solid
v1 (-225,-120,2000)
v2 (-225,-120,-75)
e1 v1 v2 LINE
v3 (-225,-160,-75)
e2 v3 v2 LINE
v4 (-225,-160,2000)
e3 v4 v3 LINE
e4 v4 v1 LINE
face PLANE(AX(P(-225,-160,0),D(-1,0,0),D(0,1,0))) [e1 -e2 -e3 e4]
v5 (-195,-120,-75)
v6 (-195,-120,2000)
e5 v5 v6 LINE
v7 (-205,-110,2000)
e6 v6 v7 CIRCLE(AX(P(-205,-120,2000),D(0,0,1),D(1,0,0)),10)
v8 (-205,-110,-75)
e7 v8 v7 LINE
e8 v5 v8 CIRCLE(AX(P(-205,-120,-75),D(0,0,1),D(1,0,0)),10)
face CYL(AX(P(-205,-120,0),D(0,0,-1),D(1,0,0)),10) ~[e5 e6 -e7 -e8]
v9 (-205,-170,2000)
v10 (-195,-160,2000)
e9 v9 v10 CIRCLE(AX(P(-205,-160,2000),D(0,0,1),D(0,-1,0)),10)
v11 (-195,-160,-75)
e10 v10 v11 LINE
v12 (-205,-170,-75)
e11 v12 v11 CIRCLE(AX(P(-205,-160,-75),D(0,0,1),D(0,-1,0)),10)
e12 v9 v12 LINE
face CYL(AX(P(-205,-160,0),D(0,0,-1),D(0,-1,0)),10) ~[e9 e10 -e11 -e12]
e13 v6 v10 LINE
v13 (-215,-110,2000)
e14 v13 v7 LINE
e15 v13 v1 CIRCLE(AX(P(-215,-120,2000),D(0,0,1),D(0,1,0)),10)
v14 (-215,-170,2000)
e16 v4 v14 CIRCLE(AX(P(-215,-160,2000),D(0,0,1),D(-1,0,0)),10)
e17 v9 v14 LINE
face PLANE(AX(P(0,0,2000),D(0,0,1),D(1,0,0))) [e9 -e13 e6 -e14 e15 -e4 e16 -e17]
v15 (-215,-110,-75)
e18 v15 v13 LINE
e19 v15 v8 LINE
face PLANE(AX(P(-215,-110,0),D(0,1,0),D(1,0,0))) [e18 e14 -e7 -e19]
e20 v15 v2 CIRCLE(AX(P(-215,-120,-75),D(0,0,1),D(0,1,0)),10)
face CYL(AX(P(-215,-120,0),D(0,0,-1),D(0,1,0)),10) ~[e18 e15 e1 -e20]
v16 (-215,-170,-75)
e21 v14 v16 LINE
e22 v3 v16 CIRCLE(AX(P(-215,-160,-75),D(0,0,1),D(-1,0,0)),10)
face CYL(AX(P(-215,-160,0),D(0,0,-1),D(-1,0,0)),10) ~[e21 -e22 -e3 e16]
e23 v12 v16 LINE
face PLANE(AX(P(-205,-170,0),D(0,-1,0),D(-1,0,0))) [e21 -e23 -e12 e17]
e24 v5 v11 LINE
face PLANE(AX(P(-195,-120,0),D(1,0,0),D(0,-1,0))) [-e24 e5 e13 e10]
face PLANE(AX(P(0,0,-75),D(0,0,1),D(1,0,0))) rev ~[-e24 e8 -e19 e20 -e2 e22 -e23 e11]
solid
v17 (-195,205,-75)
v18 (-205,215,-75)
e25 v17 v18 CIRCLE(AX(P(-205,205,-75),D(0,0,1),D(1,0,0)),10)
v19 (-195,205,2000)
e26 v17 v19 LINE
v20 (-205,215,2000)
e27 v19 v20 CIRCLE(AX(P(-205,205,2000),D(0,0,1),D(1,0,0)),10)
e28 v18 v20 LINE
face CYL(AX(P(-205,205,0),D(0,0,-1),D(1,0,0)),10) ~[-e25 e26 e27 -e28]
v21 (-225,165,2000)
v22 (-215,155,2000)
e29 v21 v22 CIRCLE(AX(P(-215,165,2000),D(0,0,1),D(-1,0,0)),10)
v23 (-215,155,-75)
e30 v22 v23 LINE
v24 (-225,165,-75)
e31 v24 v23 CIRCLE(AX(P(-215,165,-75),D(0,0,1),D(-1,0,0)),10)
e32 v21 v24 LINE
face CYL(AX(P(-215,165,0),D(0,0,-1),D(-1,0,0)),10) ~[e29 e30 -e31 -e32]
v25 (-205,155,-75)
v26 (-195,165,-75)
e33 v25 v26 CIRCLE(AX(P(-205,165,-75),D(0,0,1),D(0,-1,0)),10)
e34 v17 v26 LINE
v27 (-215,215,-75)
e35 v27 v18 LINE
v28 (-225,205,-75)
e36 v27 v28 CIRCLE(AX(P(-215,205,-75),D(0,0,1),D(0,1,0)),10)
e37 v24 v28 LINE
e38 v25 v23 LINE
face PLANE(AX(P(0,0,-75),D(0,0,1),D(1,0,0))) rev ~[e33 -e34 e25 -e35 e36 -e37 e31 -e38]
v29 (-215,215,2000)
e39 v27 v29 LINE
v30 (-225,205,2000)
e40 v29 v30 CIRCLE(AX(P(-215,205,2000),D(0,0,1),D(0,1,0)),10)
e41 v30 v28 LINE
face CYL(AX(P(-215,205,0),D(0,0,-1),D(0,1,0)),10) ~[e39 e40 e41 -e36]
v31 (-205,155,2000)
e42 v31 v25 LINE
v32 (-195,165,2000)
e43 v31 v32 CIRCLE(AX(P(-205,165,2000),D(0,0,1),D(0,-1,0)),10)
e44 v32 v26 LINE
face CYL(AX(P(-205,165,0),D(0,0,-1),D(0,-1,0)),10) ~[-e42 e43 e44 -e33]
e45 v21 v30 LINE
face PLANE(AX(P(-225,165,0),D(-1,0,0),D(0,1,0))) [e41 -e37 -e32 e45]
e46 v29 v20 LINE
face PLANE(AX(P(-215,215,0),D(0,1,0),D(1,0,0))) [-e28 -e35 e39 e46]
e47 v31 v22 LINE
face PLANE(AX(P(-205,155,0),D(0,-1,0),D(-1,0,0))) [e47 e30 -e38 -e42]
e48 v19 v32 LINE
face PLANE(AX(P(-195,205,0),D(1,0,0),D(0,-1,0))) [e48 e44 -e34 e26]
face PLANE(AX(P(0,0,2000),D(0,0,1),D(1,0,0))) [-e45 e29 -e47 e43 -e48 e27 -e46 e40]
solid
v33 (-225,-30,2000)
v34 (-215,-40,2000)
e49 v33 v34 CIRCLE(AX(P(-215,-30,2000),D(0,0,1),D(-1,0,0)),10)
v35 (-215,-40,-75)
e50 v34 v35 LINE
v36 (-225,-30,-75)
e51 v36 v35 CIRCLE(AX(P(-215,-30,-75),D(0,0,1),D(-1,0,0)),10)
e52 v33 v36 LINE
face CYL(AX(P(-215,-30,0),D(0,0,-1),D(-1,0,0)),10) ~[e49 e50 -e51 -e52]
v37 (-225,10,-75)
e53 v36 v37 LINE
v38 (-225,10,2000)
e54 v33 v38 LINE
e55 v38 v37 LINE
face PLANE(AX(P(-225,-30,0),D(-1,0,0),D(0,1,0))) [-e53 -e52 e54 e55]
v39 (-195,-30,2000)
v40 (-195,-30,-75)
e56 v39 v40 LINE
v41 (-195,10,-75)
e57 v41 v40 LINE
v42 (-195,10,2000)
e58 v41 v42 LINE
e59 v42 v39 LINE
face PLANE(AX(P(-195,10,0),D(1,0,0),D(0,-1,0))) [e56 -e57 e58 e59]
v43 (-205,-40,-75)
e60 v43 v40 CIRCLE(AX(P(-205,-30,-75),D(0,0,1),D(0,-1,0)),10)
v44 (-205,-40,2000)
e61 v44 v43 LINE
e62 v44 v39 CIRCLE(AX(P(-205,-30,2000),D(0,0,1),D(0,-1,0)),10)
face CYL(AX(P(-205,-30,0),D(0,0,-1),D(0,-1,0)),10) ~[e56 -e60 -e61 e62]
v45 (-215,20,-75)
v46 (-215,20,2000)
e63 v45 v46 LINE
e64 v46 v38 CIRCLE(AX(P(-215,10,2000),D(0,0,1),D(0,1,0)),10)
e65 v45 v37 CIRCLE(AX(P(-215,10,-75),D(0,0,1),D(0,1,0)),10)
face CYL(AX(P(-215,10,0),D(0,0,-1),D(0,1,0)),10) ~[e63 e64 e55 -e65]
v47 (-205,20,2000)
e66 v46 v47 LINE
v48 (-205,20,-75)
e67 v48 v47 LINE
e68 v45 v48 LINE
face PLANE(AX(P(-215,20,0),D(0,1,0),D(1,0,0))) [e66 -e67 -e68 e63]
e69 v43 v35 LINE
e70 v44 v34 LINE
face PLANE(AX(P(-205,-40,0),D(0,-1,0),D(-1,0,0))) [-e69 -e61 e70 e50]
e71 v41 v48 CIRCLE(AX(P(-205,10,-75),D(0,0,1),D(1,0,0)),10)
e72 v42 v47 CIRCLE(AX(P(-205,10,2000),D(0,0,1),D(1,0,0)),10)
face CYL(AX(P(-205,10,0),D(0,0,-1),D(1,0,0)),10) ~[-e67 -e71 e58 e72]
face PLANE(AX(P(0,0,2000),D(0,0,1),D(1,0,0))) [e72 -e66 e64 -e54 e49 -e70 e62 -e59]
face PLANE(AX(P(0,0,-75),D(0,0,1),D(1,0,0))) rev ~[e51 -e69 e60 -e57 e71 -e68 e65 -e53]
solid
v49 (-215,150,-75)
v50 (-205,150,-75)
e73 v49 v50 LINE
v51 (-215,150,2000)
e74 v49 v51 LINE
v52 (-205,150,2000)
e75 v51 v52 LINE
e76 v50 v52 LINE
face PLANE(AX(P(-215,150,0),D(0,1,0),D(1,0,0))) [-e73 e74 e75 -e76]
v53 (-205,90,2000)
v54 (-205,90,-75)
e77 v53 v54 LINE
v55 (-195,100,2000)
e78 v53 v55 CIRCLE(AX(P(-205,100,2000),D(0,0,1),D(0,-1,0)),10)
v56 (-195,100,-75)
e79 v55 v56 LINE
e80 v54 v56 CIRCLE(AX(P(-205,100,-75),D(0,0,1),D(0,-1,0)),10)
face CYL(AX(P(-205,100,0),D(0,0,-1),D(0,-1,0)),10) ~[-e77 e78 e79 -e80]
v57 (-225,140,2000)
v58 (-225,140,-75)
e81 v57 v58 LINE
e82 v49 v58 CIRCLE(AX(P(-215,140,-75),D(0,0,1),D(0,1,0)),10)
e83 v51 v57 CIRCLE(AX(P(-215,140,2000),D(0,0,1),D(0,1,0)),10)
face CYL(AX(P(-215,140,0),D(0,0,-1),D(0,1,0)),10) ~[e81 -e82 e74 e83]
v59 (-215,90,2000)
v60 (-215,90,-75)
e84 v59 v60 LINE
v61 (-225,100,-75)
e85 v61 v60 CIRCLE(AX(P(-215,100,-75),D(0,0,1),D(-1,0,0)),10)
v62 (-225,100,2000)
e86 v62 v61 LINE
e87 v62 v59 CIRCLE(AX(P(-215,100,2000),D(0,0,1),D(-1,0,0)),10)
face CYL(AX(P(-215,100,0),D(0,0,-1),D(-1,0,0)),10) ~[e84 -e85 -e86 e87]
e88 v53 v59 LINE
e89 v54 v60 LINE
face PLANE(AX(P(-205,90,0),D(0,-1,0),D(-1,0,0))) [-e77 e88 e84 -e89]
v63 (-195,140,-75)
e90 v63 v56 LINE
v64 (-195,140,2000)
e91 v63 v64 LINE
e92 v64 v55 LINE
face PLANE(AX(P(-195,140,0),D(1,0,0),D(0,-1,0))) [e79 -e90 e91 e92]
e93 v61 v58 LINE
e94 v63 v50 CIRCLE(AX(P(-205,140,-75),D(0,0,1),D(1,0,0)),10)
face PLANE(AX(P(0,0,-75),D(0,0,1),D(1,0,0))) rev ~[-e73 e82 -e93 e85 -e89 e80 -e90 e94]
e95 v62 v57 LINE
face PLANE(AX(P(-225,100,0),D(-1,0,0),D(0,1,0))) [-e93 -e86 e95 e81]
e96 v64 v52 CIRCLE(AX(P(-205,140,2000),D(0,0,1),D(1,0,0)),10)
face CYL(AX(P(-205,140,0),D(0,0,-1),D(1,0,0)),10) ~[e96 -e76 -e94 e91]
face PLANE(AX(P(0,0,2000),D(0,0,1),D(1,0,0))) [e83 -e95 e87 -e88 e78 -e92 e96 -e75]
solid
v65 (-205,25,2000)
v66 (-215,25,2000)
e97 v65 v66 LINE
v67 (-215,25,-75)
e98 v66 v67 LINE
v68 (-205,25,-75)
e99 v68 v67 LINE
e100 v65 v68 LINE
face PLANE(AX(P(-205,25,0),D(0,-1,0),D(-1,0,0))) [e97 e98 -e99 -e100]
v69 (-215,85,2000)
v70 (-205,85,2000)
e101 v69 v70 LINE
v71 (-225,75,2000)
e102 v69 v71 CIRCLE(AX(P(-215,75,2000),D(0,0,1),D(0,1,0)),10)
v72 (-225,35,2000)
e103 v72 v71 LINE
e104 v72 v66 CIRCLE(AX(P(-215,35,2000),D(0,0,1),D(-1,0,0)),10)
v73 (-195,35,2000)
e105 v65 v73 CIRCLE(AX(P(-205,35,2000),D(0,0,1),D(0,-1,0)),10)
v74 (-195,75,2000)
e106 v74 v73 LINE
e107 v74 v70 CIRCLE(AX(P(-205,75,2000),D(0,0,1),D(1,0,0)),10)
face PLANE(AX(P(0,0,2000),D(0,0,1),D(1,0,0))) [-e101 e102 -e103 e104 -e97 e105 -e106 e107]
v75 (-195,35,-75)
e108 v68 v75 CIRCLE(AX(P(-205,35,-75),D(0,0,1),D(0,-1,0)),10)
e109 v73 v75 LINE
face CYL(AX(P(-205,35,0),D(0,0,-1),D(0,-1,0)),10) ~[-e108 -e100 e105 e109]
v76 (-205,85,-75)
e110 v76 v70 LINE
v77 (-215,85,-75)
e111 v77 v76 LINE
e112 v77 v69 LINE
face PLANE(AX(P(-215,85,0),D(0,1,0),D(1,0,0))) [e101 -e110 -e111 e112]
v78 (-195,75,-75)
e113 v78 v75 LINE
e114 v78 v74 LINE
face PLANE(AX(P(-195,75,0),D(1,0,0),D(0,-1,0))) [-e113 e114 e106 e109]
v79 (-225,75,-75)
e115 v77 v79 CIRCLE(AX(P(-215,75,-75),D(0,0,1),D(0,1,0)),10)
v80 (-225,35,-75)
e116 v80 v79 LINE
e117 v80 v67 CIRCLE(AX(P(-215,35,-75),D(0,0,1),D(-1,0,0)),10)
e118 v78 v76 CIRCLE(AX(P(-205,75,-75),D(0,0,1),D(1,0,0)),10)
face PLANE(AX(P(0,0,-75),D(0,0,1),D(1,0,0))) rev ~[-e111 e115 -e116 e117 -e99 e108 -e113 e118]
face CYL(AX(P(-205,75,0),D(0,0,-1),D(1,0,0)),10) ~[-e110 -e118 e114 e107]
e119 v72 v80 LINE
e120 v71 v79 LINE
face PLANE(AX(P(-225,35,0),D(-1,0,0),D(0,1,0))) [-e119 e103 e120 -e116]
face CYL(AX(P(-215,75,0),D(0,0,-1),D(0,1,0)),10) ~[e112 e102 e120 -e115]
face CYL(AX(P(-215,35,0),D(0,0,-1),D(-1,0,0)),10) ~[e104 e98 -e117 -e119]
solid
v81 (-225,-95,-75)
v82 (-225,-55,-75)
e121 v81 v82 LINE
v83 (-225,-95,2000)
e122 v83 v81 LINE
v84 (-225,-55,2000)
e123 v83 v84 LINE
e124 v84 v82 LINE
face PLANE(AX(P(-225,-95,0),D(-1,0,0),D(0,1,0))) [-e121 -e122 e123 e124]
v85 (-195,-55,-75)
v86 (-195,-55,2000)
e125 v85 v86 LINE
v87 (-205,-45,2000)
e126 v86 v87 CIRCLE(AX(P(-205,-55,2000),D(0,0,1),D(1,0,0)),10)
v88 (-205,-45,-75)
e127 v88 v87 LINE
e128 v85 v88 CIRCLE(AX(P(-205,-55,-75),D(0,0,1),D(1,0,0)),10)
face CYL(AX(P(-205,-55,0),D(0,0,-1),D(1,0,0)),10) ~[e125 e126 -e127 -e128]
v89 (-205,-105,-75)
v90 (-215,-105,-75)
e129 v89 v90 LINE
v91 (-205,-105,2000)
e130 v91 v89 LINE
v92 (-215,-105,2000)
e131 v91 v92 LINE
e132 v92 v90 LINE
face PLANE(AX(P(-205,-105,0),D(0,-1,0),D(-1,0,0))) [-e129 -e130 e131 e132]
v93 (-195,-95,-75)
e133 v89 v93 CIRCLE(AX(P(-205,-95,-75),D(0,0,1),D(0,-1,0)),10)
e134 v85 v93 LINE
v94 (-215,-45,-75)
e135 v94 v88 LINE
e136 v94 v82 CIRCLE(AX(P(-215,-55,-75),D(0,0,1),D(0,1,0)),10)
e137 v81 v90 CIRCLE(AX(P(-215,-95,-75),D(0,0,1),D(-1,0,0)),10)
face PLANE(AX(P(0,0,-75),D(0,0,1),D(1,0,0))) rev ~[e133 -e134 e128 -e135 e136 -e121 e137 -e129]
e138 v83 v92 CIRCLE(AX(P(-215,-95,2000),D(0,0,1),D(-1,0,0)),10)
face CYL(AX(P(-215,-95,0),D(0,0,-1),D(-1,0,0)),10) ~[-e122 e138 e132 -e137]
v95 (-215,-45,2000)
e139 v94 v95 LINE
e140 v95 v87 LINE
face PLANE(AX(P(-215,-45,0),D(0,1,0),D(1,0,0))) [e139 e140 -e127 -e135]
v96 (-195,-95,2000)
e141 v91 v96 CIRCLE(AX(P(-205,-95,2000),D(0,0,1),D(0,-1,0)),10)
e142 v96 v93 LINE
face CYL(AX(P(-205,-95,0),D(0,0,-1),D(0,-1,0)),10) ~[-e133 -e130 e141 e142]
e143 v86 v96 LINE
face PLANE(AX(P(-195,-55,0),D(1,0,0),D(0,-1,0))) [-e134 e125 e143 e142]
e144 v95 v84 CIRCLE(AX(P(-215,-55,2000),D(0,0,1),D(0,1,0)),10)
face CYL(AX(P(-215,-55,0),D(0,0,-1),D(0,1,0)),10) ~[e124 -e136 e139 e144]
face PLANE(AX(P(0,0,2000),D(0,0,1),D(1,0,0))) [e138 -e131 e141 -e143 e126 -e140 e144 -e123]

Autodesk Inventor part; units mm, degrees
ref_plane "YZ Plane" through (0, 0, 0) normal (1, 0, 0) x (0, 1, 0)
ref_plane "XZ Plane" through (0, 0, 0) normal (0, 1, 0) x (-1, 0, 0)
ref_plane "XY Plane" through (0, 0, 0) normal (0, 0, 1) x (1, 0, 0)
sketch "Sketch1" plane through (0, 0, 0) normal (0, 0, 1) x (1, 0, 0)
  arc A0 (-195, 10) -> (-205, 20) centre (-205, 10) ccw projected
  line L0 (-195, 10) -> (-195, -30) projected
  arc A1 (-205, -40) -> (-195, -30) centre (-205, -30) ccw projected
  line L1 (-205, -40) -> (-215, -40) projected
  arc A2 (-225, -30) -> (-215, -40) centre (-215, -30) ccw projected
  line L2 (-225, -30) -> (-225, 10) projected
  arc A3 (-215, 20) -> (-225, 10) centre (-215, 10) ccw projected
  line L3 (-215, 20) -> (-205, 20) projected
  arc A4 (-195, 205) -> (-205, 215) centre (-205, 205) ccw projected
  line L4 (-195, 205) -> (-195, 165) projected
  arc A5 (-205, 155) -> (-195, 165) centre (-205, 165) ccw projected
  line L5 (-205, 155) -> (-215, 155) projected
  arc A6 (-225, 165) -> (-215, 155) centre (-215, 165) ccw projected
  line L6 (-225, 165) -> (-225, 205) projected
  arc A7 (-215, 215) -> (-225, 205) centre (-215, 205) ccw projected
  line L7 (-215, 215) -> (-205, 215) projected
  arc A8 (-195, -55) -> (-205, -45) centre (-205, -55) ccw projected
  line L8 (-195, -55) -> (-195, -95) projected
  arc A9 (-205, -105) -> (-195, -95) centre (-205, -95) ccw projected
  line L9 (-205, -105) -> (-215, -105) projected
  arc A10 (-225, -95) -> (-215, -105) centre (-215, -95) ccw projected
  line L10 (-225, -95) -> (-225, -55) projected
  arc A11 (-215, -45) -> (-225, -55) centre (-215, -55) ccw projected
  line L11 (-215, -45) -> (-205, -45) projected
  arc A12 (-195, 75) -> (-205, 85) centre (-205, 75) ccw projected
  line L12 (-195, 75) -> (-195, 35) projected
  arc A13 (-205, 25) -> (-195, 35) centre (-205, 35) ccw projected
  line L13 (-205, 25) -> (-215, 25) projected
  arc A14 (-225, 35) -> (-215, 25) centre (-215, 35) ccw projected
  line L14 (-225, 35) -> (-225, 75) projected
  arc A15 (-215, 85) -> (-225, 75) centre (-215, 75) ccw projected
  line L15 (-215, 85) -> (-205, 85) projected
  arc A16 (-195, 140) -> (-205, 150) centre (-205, 140) ccw projected
  line L16 (-195, 140) -> (-195, 100) projected
  arc A17 (-205, 90) -> (-195, 100) centre (-205, 100) ccw projected
  line L17 (-205, 90) -> (-215, 90) projected
  arc A18 (-225, 100) -> (-215, 90) centre (-215, 100) ccw projected
  line L18 (-225, 100) -> (-225, 140) projected
  arc A19 (-215, 150) -> (-225, 140) centre (-215, 140) ccw projected
  line L19 (-215, 150) -> (-205, 150) projected
  arc A20 (-195, -120) -> (-205, -110) centre (-205, -120) ccw projected
  line L20 (-195, -120) -> (-195, -160) projected
  arc A21 (-205, -170) -> (-195, -160) centre (-205, -160) ccw projected
  line L21 (-205, -170) -> (-215, -170) projected
  arc A22 (-225, -160) -> (-215, -170) centre (-215, -160) ccw projected
  line L22 (-225, -160) -> (-225, -120) projected
  arc A23 (-215, -110) -> (-225, -120) centre (-215, -120) ccw projected
  line L23 (-215, -110) -> (-205, -110) projected
  line L24 (-165, 225) -> (-165, -91.0685) projected
  line L25 (-235, 225) -> (-165, 225) projected
  line L26 (-235, -175) -> (-235, 225) projected
  line L27 (-165, -225) -> (-229.3032, -225) projected
  line L28 (-165, -176.5227) -> (-165, -225) projected
  line L29 (165, 54.5458) -> (-165, -176.5227) projected
  line L30 (165, -190) -> (165, 54.5458) projected
  line L31 (235, -190) -> (165, -190) projected
  line L32 (235, 190) -> (235, -190) projected
  line L33 (165, 190) -> (235, 190) projected
  line L34 (165, 140) -> (165, 190) projected
  line L35 (-165, -91.0685) -> (165, 140) projected
  line L36 (-235, -175) -> (-685, -278.8907) projected
  line L37 (-676.9018, -313.968) -> (-673.7524, -327.6092) projected
  line L38 (-673.7524, -327.6092) -> (-229.3032, -225) projected
  line L39 (-681.8507, -292.5319) -> (-584.4137, -270.0368) projected
  arc A24 (-579.4648, -291.4729) -> (-584.4137, -270.0368) centre (-581.9392, -280.7548) ccw projected
  line L40 (-579.4648, -291.4729) -> (-676.9018, -313.968) projected
  line L41 (-685, -278.8907) -> (-681.8507, -292.5319) projected
  point P0 (0, 0)
extrude "Extrusion1" add sketch "Sketch1" along normal blind 2000 and the other way blind 75 contours L0 A1 L1 A2 L2 A3 L3 A0 | L4 A5 L5 A6 L6 A7 L7 A4 | L8 A9 L9 A10 L10 A11 L11 A8 | L12 A13 L13 A14 L14 A15 L15 A12 | L16 A17 L17 A18 L18 A19 L19 A16 | L20 A21 L21 A22 L22 A23 L23 A20
properties part number "bench-slats"
